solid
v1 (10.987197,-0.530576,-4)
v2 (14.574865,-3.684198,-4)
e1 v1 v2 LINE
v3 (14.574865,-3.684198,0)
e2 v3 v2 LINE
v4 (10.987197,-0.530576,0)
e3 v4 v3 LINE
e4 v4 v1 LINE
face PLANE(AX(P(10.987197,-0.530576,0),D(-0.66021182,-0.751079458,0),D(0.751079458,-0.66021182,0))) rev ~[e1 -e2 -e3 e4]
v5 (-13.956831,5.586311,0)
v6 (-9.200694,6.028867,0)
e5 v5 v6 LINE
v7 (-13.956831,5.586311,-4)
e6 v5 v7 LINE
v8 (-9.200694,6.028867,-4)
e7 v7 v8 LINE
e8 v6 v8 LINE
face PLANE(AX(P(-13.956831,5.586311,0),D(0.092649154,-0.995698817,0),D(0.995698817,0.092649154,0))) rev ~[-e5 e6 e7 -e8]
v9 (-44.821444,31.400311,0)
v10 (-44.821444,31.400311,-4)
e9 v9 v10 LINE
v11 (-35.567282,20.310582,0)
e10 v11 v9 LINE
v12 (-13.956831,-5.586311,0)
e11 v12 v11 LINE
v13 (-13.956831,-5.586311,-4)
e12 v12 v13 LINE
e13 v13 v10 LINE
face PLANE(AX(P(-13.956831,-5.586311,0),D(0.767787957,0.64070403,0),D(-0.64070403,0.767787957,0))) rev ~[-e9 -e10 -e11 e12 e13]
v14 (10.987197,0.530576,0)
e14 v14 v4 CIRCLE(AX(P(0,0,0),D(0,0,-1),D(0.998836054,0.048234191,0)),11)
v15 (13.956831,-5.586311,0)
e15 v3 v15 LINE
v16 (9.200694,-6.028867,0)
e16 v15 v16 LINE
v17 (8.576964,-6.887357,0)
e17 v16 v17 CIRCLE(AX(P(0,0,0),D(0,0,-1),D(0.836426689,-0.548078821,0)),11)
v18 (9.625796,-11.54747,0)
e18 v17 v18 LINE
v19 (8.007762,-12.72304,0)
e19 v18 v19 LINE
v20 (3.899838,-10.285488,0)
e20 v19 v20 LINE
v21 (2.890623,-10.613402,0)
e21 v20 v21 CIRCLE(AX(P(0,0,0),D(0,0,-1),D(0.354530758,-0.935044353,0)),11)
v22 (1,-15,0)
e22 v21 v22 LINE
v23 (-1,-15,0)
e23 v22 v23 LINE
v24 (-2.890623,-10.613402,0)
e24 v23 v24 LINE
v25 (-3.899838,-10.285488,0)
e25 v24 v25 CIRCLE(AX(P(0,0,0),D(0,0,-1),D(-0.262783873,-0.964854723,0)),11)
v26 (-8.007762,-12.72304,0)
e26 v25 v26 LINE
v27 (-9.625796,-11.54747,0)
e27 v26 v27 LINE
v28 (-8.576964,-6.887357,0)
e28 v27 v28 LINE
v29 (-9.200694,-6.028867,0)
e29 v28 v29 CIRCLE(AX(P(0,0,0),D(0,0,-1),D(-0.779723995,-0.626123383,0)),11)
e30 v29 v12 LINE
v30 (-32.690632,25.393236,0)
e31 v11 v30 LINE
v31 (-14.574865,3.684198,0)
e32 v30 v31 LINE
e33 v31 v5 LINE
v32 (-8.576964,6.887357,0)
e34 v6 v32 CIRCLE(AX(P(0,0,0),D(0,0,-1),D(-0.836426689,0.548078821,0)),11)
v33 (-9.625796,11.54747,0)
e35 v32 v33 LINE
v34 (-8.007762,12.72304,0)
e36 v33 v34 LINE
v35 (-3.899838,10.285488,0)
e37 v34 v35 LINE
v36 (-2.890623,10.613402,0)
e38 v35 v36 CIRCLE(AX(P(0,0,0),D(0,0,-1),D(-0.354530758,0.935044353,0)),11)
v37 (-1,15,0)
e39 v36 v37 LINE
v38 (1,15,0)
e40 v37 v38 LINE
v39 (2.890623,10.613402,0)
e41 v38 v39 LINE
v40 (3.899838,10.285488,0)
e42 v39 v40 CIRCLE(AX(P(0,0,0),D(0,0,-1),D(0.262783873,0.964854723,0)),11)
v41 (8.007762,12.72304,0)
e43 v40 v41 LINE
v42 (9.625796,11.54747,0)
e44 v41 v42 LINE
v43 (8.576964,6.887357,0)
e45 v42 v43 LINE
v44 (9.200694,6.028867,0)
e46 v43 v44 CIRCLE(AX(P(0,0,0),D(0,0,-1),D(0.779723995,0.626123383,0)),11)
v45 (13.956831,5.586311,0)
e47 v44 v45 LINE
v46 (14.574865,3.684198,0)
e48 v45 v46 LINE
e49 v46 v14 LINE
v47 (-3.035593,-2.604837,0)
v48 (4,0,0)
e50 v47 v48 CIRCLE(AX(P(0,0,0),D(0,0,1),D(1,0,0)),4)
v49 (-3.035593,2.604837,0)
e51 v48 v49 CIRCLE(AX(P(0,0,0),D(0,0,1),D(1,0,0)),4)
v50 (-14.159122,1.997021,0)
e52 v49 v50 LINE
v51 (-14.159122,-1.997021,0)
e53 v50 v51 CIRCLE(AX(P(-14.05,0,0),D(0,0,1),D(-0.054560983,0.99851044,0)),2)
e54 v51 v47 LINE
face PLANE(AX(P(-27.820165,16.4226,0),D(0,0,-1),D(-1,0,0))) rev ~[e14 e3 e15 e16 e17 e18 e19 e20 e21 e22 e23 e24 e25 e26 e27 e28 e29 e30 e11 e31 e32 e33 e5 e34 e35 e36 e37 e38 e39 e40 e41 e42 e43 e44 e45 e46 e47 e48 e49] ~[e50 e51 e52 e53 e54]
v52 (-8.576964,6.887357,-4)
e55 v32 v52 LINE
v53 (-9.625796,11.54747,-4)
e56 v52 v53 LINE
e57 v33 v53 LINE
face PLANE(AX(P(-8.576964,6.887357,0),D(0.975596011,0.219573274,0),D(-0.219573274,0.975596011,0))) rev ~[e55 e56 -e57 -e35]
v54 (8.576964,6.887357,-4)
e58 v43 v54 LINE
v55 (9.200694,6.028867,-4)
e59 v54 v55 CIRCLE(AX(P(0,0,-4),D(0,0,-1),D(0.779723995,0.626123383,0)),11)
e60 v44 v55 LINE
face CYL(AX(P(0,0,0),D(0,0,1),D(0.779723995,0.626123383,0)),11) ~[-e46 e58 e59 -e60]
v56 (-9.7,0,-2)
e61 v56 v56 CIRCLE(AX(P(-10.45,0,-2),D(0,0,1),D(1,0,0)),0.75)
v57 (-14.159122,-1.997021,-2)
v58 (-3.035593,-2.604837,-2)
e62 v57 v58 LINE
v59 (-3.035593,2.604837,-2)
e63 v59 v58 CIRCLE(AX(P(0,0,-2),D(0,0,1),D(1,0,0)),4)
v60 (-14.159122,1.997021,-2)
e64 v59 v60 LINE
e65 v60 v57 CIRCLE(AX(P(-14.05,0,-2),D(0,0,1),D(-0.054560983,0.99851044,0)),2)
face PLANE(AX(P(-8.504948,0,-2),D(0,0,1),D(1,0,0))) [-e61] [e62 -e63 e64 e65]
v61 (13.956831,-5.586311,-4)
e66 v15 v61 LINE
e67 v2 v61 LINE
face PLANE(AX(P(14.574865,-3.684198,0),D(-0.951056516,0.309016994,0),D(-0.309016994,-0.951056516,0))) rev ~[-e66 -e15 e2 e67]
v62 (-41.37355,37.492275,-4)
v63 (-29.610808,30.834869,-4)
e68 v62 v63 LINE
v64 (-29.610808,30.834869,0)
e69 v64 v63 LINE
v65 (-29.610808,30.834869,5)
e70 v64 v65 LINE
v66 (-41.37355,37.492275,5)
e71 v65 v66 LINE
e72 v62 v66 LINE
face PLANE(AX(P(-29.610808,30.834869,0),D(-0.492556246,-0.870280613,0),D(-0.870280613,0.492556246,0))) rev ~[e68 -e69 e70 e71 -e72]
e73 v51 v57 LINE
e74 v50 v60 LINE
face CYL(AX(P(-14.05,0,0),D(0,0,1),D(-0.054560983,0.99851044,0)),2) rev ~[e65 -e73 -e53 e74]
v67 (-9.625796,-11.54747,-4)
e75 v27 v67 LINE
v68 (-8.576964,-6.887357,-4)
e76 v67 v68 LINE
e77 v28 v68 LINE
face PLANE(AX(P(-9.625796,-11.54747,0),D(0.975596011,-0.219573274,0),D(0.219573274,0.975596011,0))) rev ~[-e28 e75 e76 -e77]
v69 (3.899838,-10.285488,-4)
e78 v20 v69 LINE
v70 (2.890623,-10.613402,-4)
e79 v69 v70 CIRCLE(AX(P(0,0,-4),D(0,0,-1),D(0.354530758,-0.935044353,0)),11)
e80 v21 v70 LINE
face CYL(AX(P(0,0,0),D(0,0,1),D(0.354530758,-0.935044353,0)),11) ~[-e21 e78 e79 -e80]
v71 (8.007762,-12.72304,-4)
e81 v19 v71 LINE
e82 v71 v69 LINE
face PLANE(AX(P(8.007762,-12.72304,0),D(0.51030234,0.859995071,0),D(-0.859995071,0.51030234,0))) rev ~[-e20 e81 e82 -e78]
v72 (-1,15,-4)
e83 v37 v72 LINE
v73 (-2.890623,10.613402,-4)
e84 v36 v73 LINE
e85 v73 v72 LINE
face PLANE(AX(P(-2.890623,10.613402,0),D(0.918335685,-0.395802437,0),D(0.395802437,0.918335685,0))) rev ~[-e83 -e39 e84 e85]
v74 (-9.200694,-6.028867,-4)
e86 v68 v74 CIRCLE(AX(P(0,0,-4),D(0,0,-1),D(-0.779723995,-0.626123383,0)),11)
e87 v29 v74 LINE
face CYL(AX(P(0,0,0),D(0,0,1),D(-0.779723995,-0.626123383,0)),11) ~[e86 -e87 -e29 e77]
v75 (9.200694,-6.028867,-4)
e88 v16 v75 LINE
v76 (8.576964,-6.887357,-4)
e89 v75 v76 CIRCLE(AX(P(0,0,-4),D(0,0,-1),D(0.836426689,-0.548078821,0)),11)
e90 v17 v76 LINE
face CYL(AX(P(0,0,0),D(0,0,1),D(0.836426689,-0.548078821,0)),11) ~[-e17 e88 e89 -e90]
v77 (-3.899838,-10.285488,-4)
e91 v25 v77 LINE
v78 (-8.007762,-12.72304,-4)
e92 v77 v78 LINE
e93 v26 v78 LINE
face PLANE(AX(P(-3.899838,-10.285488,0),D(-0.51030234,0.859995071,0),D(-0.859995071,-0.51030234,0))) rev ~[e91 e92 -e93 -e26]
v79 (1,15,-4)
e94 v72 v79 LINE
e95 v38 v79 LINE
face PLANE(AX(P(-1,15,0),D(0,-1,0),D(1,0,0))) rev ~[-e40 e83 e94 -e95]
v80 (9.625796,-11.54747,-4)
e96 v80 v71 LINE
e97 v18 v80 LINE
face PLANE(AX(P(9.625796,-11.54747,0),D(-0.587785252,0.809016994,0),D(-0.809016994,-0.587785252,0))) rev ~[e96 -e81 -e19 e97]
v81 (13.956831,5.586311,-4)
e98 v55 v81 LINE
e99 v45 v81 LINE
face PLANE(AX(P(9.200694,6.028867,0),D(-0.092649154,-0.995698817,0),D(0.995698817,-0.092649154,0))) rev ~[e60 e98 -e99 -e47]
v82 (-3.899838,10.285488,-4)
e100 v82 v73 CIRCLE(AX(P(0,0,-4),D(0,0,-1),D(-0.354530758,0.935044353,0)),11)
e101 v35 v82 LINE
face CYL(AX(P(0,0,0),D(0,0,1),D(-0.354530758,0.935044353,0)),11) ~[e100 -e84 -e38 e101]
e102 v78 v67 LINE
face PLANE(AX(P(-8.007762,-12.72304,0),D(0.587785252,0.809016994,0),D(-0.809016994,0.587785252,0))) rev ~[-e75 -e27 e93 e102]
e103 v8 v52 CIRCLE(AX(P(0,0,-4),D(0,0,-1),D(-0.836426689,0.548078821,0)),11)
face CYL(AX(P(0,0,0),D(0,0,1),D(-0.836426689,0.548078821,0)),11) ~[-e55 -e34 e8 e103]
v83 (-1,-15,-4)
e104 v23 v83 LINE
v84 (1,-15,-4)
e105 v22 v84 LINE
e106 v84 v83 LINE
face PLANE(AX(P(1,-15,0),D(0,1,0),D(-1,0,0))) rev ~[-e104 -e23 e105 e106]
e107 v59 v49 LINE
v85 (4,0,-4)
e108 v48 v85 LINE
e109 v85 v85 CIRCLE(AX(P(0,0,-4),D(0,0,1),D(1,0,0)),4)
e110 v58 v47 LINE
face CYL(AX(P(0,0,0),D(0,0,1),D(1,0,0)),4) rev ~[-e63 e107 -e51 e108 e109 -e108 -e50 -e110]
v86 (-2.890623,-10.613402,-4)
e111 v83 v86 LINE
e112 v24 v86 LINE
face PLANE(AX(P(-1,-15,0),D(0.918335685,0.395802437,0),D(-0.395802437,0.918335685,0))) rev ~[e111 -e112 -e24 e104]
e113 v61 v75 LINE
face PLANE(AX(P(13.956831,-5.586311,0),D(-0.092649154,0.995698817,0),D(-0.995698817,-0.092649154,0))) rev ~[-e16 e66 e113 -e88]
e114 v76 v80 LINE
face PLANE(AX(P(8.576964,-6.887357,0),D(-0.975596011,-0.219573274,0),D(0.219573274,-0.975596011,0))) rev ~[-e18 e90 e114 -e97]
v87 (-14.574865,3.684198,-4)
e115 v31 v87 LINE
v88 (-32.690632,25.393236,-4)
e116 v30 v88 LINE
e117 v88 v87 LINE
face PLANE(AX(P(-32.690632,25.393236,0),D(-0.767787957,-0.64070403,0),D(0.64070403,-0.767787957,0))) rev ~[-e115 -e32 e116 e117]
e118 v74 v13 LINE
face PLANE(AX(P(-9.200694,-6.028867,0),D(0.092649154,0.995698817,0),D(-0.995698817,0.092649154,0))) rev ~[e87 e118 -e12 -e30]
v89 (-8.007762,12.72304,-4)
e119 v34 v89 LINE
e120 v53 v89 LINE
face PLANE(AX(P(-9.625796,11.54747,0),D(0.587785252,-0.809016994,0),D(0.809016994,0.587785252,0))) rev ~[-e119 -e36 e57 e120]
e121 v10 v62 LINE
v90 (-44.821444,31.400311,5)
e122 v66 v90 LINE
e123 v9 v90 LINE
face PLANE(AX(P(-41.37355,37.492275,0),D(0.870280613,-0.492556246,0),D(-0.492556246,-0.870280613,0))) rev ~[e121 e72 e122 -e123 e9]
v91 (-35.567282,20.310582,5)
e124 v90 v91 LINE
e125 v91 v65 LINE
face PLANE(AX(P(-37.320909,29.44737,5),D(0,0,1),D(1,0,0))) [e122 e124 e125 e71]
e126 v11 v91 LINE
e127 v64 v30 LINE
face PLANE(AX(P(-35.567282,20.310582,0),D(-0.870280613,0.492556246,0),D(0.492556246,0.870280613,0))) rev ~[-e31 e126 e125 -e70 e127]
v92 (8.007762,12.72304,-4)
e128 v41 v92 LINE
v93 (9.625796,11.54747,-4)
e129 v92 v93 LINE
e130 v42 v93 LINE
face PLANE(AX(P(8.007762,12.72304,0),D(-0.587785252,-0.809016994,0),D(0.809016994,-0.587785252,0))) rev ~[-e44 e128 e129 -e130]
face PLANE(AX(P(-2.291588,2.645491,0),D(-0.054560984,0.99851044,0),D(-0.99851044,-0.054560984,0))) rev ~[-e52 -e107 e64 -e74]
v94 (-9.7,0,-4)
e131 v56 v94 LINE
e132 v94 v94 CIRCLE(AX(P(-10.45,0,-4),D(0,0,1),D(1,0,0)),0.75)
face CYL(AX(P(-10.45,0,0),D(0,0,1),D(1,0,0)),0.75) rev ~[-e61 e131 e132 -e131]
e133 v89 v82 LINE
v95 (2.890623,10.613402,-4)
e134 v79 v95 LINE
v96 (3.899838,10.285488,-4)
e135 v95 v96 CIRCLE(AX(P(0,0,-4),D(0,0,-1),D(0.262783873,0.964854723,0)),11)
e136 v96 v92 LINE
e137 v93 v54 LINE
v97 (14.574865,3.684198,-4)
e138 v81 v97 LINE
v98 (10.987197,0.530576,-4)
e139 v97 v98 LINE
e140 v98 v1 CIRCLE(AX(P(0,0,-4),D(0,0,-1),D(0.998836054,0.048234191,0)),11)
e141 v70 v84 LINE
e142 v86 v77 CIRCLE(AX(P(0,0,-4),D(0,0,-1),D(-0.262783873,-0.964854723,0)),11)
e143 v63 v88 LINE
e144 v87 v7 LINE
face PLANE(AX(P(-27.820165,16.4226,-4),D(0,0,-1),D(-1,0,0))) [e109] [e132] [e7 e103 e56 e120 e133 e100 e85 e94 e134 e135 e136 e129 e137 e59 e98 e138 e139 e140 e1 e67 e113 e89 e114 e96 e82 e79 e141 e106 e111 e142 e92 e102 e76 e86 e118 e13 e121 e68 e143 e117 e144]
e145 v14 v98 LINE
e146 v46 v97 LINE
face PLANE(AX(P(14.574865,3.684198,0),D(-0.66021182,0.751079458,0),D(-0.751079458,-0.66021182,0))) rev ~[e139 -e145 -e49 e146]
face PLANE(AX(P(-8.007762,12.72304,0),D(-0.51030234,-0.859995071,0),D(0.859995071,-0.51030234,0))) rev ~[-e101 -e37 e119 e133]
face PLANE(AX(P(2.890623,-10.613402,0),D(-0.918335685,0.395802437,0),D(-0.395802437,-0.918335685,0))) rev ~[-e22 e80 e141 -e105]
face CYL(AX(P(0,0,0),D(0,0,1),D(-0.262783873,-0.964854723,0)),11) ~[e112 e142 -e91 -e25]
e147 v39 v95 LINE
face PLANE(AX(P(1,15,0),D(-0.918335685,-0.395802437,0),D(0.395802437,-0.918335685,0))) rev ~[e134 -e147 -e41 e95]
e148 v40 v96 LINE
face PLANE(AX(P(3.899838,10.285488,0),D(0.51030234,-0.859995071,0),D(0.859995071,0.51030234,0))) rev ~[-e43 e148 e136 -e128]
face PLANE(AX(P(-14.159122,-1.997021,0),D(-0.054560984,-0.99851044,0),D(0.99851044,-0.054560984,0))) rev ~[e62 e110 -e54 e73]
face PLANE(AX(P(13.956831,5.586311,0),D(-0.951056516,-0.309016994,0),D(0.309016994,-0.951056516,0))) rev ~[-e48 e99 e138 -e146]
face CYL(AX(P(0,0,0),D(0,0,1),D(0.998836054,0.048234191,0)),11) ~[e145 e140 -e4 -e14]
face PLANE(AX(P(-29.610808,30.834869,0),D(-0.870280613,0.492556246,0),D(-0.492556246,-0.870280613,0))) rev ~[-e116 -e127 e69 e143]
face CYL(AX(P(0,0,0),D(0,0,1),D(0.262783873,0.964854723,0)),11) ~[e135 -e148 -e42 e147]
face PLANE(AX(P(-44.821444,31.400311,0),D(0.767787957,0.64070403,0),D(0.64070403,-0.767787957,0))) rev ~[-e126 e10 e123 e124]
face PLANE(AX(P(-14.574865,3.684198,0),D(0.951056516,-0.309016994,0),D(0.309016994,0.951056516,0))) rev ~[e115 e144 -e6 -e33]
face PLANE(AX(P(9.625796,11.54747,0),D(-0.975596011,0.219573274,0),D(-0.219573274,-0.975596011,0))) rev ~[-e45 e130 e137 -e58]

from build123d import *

# Parameters (mm, degrees)
SKETCH1_R           = 3.5
BOSS_EXTRUDE1_DEPTH = 4
BOSS_EXTRUDE2_DEPTH = 4
CUT_EXTRUDE1_DEPTH  = 2
SKETCH5_R           = 0.75
CUT_EXTRUDE2_DEPTH  = 59.571601855
SKETCH6_R           = 4
CUT_EXTRUDE3_DEPTH  = 10
BOSS_EXTRUDE3_DEPTH = 5


with BuildPart() as part:
    # Sketch1 → Boss-Extrude1 (new body)
    with BuildSketch(Plane.XY):
        with BuildLine():
            Line((-1, 15), (1, 15))
            Line((1, 15), (2.890622598, 10.613401952))
            ThreePointArc((2.890622598, 10.613401952), (3.399186938, 10.461621679), (3.899838338, 10.28548788))
            Line((3.899838338, 10.28548788), (8.00776179, 12.723040168))
            Line((8.00776179, 12.723040168), (9.625795779, 11.547469663))
            Line((9.625795779, 11.547469663), (8.57696395, 6.887357214))
            ThreePointArc((8.57696395, 6.887357214), (8.899186938, 6.465637775), (9.200693579, 6.02886703))
            Line((9.200693579, 6.02886703), (13.95683075, 5.586311432))
            Line((13.95683075, 5.586311432), (14.574864739, 3.684198399))
            Line((14.574864739, 3.684198399), (10.987196594, 0.530576113))
            ThreePointArc((10.987196594, 0.530576113), (11, 0), (10.987196594, -0.530576113))
            Line((10.987196594, -0.530576113), (14.574864739, -3.684198399))
            Line((14.574864739, -3.684198399), (13.95683075, -5.586311432))
            Line((13.95683075, -5.586311432), (9.200693579, -6.02886703))
            ThreePointArc((9.200693579, -6.02886703), (8.899186938, -6.465637775), (8.57696395, -6.887357214))
            Line((8.57696395, -6.887357214), (9.625795779, -11.547469663))
            Line((9.625795779, -11.547469663), (8.00776179, -12.723040168))
            Line((8.00776179, -12.723040168), (3.899838338, -10.28548788))
            ThreePointArc((3.899838338, -10.28548788), (3.399186938, -10.461621679), (2.890622598, -10.613401952))
            Line((2.890622598, -10.613401952), (1, -15))
            Line((1, -15), (-1, -15))
            Line((-1, -15), (-2.890622598, -10.613401952))
            ThreePointArc((-2.890622598, -10.613401952), (-3.399186938, -10.461621679), (-3.899838338, -10.28548788))
            Line((-3.899838338, -10.28548788), (-8.00776179, -12.723040168))
            Line((-8.00776179, -12.723040168), (-9.625795779, -11.547469663))
            Line((-9.625795779, -11.547469663), (-8.57696395, -6.887357214))
            ThreePointArc((-8.57696395, -6.887357214), (-8.899186938, -6.465637775), (-9.200693579, -6.02886703))
            Line((-9.200693579, -6.02886703), (-13.95683075, -5.586311432))
            Line((-13.95683075, -5.586311432), (-14.574864739, -3.684198399))
            Line((-14.574864739, -3.684198399), (-10.987196594, -0.530576113))
            ThreePointArc((-10.987196594, -0.530576113), (-11, 0), (-10.987196594, 0.530576113))
            Line((-10.987196594, 0.530576113), (-14.574864739, 3.684198399))
            Line((-14.574864739, 3.684198399), (-13.95683075, 5.586311432))
            Line((-13.95683075, 5.586311432), (-9.200693579, 6.02886703))
            ThreePointArc((-9.200693579, 6.02886703), (-8.899186938, 6.465637775), (-8.57696395, 6.887357214))
            Line((-8.57696395, 6.887357214), (-9.625795779, 11.547469663))
            Line((-9.625795779, 11.547469663), (-8.00776179, 12.723040168))
            Line((-8.00776179, 12.723040168), (-3.899838338, 10.28548788))
            ThreePointArc((-3.899838338, 10.28548788), (-3.399186938, 10.461621679), (-2.890622598, 10.613401952))
            Line((-2.890622598, 10.613401952), (-1, 15))
        make_face()
        Circle(SKETCH1_R, mode=Mode.SUBTRACT)
    extrude(amount=-BOSS_EXTRUDE1_DEPTH)

    # Sketch3 → Boss-Extrude2 (add)
    with BuildSketch(Plane.XY):
        Polygon((-41.373550062, 37.492275487), (-29.610808295, 30.834868856), (-32.690631554, 25.393235547), (-14.574864739, 3.684198399), (-10.987196594, 0.530576113), (-10.987196594, -0.530576113), (-14.574864739, -3.684198399), (-13.95683075, -5.586311432), (-44.821443781, 31.400311198), align=None)
    extrude(amount=-BOSS_EXTRUDE2_DEPTH)

    # Sketch4 → Cut-Extrude1 (cut)
    with BuildSketch(Plane.XY):
        with BuildLine():
            Line((-14.159121967, -1.99702088), (-2.291588247, -2.645491127))
            ThreePointArc((-2.291588247, -2.645491127), (-3.5, 0), (-2.291588247, 2.645491127))
            Line((-2.291588247, 2.645491127), (-14.159121967, 1.99702088))
            ThreePointArc((-14.159121967, 1.99702088), (-16.05, 0), (-14.159121967, -1.99702088))
        make_face()
    extrude(amount=-CUT_EXTRUDE1_DEPTH, mode=Mode.SUBTRACT)

    # Sketch5 → Cut-Extrude2 (cut, through all)
    with BuildSketch(Plane.XY):
        with Locations((-10.45, 0)):
            Circle(SKETCH5_R)
    extrude(amount=-CUT_EXTRUDE2_DEPTH, mode=Mode.SUBTRACT)

    # Sketch6 → Cut-Extrude3 (cut)
    with BuildSketch(Plane.XY):
        Circle(SKETCH6_R)
    extrude(amount=-CUT_EXTRUDE3_DEPTH, mode=Mode.SUBTRACT)

    # Sketch7 → Boss-Extrude3 (add)
    with BuildSketch(Plane.XY):
        Polygon((-29.610808295, 30.834868856), (-41.373550062, 37.492275487), (-44.821443781, 31.400311198), (-35.567281633, 20.310581908), align=None)
    extrude(amount=BOSS_EXTRUDE3_DEPTH)


solid = part.part
